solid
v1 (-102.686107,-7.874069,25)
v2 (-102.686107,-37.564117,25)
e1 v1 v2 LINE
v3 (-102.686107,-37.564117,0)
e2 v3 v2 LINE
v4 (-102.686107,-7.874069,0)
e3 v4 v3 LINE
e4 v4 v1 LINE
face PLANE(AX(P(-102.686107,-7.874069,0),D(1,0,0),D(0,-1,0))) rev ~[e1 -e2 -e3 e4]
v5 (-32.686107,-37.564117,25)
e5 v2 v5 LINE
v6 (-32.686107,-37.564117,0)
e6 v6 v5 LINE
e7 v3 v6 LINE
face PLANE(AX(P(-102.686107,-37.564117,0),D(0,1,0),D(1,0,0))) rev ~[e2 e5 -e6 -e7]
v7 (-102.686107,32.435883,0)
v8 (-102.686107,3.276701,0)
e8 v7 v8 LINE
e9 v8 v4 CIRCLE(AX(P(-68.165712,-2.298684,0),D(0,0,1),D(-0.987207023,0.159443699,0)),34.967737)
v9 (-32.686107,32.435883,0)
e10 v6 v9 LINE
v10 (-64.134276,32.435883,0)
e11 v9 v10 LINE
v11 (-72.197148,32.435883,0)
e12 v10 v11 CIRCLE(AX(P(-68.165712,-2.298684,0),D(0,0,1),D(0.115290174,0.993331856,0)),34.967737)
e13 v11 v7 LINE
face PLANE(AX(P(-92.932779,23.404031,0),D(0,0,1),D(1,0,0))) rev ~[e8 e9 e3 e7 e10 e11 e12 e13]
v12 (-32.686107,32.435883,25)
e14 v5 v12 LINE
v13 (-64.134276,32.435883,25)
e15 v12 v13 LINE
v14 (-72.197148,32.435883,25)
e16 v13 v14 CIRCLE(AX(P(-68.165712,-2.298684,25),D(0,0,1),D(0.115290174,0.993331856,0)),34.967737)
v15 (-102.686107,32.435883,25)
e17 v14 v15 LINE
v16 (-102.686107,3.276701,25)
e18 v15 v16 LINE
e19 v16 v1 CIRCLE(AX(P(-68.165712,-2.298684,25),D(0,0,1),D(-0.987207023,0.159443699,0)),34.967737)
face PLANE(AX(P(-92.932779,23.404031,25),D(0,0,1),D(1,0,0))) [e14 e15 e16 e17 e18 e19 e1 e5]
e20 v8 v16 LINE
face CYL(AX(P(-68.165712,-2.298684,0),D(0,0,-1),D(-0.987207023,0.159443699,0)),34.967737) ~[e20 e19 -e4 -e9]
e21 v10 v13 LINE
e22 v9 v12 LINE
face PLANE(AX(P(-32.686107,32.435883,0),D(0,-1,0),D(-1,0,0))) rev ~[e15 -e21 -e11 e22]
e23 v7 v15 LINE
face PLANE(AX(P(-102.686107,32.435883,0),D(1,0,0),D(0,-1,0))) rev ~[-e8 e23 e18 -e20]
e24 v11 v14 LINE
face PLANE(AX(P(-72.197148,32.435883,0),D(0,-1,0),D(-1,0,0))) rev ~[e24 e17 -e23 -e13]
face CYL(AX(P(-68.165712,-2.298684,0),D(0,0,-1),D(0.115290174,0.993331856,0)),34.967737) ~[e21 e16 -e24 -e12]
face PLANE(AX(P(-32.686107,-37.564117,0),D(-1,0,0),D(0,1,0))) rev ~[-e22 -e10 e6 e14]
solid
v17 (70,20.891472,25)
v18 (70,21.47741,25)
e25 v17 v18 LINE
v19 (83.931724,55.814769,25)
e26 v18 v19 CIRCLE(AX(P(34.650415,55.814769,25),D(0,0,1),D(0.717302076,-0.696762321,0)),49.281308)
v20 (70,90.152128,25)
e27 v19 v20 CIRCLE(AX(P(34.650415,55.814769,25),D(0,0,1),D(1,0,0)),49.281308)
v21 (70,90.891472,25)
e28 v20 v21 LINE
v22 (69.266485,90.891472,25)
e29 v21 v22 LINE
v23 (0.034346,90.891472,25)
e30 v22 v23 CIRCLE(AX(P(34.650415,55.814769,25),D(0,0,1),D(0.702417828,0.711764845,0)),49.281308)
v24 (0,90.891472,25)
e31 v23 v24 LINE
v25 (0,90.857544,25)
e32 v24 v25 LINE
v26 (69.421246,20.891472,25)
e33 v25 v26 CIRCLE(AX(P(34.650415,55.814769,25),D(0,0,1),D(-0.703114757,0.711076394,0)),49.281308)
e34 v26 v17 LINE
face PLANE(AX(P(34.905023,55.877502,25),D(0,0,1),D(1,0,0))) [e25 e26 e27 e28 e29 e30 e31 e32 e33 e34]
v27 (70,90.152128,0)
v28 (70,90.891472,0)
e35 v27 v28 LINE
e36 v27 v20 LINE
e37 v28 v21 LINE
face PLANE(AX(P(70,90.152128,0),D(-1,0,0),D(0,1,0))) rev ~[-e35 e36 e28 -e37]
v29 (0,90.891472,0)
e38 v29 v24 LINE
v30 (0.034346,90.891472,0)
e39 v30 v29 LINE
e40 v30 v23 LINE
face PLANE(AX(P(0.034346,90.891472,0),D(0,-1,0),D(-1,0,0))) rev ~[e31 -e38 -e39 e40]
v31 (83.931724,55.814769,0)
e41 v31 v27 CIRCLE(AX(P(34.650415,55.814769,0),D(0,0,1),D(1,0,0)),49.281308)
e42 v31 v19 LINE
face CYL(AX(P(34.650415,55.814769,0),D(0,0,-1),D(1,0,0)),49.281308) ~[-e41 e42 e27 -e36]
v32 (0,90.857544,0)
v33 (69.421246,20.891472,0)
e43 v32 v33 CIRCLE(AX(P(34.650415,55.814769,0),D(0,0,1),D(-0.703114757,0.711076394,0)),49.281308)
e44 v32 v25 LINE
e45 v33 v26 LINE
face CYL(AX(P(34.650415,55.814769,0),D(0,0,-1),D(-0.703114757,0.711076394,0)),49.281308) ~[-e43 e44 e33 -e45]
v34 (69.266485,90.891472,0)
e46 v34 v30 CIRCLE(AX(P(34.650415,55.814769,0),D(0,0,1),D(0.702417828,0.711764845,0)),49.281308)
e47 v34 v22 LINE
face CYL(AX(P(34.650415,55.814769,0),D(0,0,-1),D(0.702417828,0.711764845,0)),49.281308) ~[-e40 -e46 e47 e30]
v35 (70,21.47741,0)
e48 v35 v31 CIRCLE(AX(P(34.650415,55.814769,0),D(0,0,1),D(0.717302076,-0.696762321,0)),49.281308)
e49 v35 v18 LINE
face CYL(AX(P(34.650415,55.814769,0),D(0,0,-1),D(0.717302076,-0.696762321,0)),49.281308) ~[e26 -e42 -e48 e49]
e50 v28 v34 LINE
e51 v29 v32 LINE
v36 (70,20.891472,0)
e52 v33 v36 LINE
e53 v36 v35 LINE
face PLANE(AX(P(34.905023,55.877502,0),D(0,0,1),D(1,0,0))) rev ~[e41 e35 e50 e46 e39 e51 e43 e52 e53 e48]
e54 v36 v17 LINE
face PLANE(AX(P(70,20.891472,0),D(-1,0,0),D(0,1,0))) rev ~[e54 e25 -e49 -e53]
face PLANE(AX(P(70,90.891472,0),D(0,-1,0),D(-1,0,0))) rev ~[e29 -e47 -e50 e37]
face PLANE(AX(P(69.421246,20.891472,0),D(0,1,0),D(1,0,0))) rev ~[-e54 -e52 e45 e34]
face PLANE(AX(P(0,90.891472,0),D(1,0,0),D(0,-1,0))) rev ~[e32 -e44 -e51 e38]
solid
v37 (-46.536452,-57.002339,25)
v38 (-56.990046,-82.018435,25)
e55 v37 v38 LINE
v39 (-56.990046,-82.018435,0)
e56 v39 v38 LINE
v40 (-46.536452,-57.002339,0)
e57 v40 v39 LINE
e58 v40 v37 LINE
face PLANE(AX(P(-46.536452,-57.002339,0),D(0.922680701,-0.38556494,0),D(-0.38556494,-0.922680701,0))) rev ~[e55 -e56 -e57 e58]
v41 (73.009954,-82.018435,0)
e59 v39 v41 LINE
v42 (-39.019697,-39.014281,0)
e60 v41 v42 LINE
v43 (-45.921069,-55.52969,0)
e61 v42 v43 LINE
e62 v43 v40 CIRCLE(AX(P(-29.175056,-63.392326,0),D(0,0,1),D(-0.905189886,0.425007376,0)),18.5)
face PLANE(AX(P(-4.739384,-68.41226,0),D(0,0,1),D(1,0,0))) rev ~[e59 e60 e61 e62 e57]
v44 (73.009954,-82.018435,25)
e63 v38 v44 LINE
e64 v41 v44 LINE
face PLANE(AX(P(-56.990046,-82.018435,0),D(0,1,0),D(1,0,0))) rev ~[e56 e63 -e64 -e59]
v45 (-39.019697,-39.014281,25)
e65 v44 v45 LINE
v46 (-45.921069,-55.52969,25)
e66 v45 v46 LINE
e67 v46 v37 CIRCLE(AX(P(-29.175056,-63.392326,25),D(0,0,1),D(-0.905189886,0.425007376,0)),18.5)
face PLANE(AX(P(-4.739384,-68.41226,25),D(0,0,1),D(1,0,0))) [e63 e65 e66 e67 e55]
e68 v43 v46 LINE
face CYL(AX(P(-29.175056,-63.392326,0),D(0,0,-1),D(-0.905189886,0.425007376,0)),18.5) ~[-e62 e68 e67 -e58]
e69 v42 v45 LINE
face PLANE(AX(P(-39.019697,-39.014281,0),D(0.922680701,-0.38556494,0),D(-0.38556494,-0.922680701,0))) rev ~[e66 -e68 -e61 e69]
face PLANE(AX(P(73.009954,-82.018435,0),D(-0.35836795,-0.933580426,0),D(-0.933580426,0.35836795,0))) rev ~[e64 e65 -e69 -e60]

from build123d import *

# Parameters (mm, degrees)
F1_DEPTH = 25


with BuildPart() as f1:
    # F0 (on Top) → F1 (new body)
    with BuildSketch(Plane.XY):
        with BuildLine():
            Line((0, 90.8575442151), (0, 20.8914719523))
            Line((0, 20.8914719523), (69.4212459708, 20.8914719523))
            ThreePointArc((69.4212459708, 20.8914719523), (69.7118470145, 21.1832320959), (70, 21.4774102816))
            Line((70, 21.4774102816), (70, 90.1521279564))
            ThreePointArc((70, 90.1521279564), (69.6351955614, 90.5237377084), (69.2664848185, 90.8914719523))
            Line((69.2664848185, 90.8914719523), (0.0343455458, 90.8914719523))
            ThreePointArc((0.0343455458, 90.8914719523), (0.0171686183, 90.8745122894), (0, 90.8575442151))
        make_face()
        with BuildLine():
            Line((69.4212459708, 20.8914719523), (0, 20.8914719523))
            Line((0, 20.8914719523), (0, 90.8575442151))
            ThreePointArc((0, 90.8575442151), (-0.3326727598, 21.1040947266), (69.4212459708, 20.8914719523))
        make_face()
        with BuildLine():
            ThreePointArc((70, 21.4774102816), (69.7118470145, 21.1832320959), (69.4212459708, 20.8914719523))
            Line((69.4212459708, 20.8914719523), (70, 20.8914719523))
            Line((70, 20.8914719523), (70, 21.4774102816))
        make_face()
        with BuildLine():
            Line((0, 90.8914719523), (0, 90.8575442151))
            ThreePointArc((0, 90.8575442151), (0.0171686183, 90.8745122894), (0.0343455458, 90.8914719523))
            Line((0.0343455458, 90.8914719523), (0, 90.8914719523))
        make_face()
        with BuildLine():
            Line((70, 90.1521279564), (70, 21.4774102816))
            ThreePointArc((70, 21.4774102816), (80.3161635629, 37.2867691311), (83.9317235934, 55.814769119))
            ThreePointArc((83.9317235934, 55.814769119), (80.3161635629, 74.342769107), (70, 90.1521279564))
        make_face()
        with BuildLine():
            ThreePointArc((69.2664848185, 90.8914719523), (34.6504151821, 105.0960775303), (0.0343455458, 90.8914719523))
            Line((0.0343455458, 90.8914719523), (69.2664848185, 90.8914719523))
        make_face()
        with BuildLine():
            ThreePointArc((69.2664848185, 90.8914719523), (69.6351955614, 90.5237377084), (70, 90.1521279564))
            Line((70, 90.1521279564), (70, 90.8914719523))
            Line((70, 90.8914719523), (69.2664848185, 90.8914719523))
        make_face()
    extrude(amount=F1_DEPTH)


with BuildPart() as f1b:
    # F0 (on Top) → F1, piece 2 (new body)
    with BuildSketch(Plane.XY):
        with BuildLine():
            Line((-72.1971484777, 32.4358825386), (-102.6861071587, 32.4358825386))
            Line((-102.6861071587, 32.4358825386), (-102.6861071587, 3.2767011646))
            ThreePointArc((-102.6861071587, 3.2767011646), (-92.3343982655, 22.972192538), (-72.1971484777, 32.4358825386))
        make_face()
        with BuildLine():
            ThreePointArc((-64.1342756394, 32.4358825386), (-68.1657120585, 32.6690524463), (-72.1971484777, 32.4358825386))
            Line((-72.1971484777, 32.4358825386), (-64.1342756394, 32.4358825386))
        make_face()
        with BuildLine():
            Line((-64.1342756394, 32.4358825386), (-72.1971484777, 32.4358825386))
            ThreePointArc((-72.1971484777, 32.4358825386), (-92.3343982655, 22.972192538), (-102.6861071587, 3.2767011646))
            Line((-102.6861071587, 3.2767011646), (-102.6861071587, -7.8740693491))
            ThreePointArc((-102.6861071587, -7.8740693491), (-65.3690607072, -37.1544058585), (-33.19797552, -2.2986840922))
            ThreePointArc((-33.19797552, -2.2986840922), (-42.0533318031, 20.9582760709), (-64.1342756394, 32.4358825386))
        make_face()
        with BuildLine():
            Line((-102.6861071587, -7.8740693491), (-102.6861071587, 3.2767011646))
            ThreePointArc((-102.6861071587, 3.2767011646), (-103.1334485971, -2.2986840922), (-102.6861071587, -7.8740693491))
        make_face()
        with BuildLine():
            Line((-32.6861071587, 32.4358825386), (-64.1342756394, 32.4358825386))
            ThreePointArc((-64.1342756394, 32.4358825386), (-42.0533318031, 20.9582760709), (-33.19797552, -2.2986840922))
            ThreePointArc((-33.19797552, -2.2986840922), (-65.3690607072, -37.1544058585), (-102.6861071587, -7.8740693491))
            Line((-102.6861071587, -7.8740693491), (-102.6861071587, -37.5641174614))
            Line((-102.6861071587, -37.5641174614), (-32.6861071587, -37.5641174614))
            Line((-32.6861071587, -37.5641174614), (-32.6861071587, 32.4358825386))
        make_face()
    extrude(amount=F1_DEPTH)


with BuildPart() as f1c:
    # F0 (on Top) → F1, piece 3 (new body)
    with BuildSketch(Plane.XY):
        with BuildLine():
            Line((-46.5364518579, -57.0023388426), (-56.9900460541, -82.0184350014))
            Line((-56.9900460541, -82.0184350014), (73.0099539459, -82.0184350014))
            Line((73.0099539459, -82.0184350014), (-39.0196972338, -39.0142810559))
            Line((-39.0196972338, -39.0142810559), (-45.9210690424, -55.5296897806))
            ThreePointArc((-45.9210690424, -55.5296897806), (-25.1471062076, -45.3361467034), (-10.6750561446, -63.3923262358))
            ThreePointArc((-10.6750561446, -63.3923262358), (-32.4203742571, -81.6054509086), (-46.5364518579, -57.0023388426))
        make_face()
        with BuildLine():
            ThreePointArc((-45.9210690424, -55.5296897806), (-46.2446491203, -56.259374838), (-46.5364518579, -57.0023388426))
            Line((-46.5364518579, -57.0023388426), (-45.9210690424, -55.5296897806))
        make_face()
        with BuildLine():
            Line((-45.9210690424, -55.5296897806), (-46.5364518579, -57.0023388426))
            ThreePointArc((-46.5364518579, -57.0023388426), (-32.4203742571, -81.6054509086), (-10.6750561446, -63.3923262358))
            ThreePointArc((-10.6750561446, -63.3923262358), (-25.1471062076, -45.3361467034), (-45.9210690424, -55.5296897806))
        make_face()
    extrude(amount=F1_DEPTH)


solid = Compound([f1.part, f1b.part, f1c.part])
